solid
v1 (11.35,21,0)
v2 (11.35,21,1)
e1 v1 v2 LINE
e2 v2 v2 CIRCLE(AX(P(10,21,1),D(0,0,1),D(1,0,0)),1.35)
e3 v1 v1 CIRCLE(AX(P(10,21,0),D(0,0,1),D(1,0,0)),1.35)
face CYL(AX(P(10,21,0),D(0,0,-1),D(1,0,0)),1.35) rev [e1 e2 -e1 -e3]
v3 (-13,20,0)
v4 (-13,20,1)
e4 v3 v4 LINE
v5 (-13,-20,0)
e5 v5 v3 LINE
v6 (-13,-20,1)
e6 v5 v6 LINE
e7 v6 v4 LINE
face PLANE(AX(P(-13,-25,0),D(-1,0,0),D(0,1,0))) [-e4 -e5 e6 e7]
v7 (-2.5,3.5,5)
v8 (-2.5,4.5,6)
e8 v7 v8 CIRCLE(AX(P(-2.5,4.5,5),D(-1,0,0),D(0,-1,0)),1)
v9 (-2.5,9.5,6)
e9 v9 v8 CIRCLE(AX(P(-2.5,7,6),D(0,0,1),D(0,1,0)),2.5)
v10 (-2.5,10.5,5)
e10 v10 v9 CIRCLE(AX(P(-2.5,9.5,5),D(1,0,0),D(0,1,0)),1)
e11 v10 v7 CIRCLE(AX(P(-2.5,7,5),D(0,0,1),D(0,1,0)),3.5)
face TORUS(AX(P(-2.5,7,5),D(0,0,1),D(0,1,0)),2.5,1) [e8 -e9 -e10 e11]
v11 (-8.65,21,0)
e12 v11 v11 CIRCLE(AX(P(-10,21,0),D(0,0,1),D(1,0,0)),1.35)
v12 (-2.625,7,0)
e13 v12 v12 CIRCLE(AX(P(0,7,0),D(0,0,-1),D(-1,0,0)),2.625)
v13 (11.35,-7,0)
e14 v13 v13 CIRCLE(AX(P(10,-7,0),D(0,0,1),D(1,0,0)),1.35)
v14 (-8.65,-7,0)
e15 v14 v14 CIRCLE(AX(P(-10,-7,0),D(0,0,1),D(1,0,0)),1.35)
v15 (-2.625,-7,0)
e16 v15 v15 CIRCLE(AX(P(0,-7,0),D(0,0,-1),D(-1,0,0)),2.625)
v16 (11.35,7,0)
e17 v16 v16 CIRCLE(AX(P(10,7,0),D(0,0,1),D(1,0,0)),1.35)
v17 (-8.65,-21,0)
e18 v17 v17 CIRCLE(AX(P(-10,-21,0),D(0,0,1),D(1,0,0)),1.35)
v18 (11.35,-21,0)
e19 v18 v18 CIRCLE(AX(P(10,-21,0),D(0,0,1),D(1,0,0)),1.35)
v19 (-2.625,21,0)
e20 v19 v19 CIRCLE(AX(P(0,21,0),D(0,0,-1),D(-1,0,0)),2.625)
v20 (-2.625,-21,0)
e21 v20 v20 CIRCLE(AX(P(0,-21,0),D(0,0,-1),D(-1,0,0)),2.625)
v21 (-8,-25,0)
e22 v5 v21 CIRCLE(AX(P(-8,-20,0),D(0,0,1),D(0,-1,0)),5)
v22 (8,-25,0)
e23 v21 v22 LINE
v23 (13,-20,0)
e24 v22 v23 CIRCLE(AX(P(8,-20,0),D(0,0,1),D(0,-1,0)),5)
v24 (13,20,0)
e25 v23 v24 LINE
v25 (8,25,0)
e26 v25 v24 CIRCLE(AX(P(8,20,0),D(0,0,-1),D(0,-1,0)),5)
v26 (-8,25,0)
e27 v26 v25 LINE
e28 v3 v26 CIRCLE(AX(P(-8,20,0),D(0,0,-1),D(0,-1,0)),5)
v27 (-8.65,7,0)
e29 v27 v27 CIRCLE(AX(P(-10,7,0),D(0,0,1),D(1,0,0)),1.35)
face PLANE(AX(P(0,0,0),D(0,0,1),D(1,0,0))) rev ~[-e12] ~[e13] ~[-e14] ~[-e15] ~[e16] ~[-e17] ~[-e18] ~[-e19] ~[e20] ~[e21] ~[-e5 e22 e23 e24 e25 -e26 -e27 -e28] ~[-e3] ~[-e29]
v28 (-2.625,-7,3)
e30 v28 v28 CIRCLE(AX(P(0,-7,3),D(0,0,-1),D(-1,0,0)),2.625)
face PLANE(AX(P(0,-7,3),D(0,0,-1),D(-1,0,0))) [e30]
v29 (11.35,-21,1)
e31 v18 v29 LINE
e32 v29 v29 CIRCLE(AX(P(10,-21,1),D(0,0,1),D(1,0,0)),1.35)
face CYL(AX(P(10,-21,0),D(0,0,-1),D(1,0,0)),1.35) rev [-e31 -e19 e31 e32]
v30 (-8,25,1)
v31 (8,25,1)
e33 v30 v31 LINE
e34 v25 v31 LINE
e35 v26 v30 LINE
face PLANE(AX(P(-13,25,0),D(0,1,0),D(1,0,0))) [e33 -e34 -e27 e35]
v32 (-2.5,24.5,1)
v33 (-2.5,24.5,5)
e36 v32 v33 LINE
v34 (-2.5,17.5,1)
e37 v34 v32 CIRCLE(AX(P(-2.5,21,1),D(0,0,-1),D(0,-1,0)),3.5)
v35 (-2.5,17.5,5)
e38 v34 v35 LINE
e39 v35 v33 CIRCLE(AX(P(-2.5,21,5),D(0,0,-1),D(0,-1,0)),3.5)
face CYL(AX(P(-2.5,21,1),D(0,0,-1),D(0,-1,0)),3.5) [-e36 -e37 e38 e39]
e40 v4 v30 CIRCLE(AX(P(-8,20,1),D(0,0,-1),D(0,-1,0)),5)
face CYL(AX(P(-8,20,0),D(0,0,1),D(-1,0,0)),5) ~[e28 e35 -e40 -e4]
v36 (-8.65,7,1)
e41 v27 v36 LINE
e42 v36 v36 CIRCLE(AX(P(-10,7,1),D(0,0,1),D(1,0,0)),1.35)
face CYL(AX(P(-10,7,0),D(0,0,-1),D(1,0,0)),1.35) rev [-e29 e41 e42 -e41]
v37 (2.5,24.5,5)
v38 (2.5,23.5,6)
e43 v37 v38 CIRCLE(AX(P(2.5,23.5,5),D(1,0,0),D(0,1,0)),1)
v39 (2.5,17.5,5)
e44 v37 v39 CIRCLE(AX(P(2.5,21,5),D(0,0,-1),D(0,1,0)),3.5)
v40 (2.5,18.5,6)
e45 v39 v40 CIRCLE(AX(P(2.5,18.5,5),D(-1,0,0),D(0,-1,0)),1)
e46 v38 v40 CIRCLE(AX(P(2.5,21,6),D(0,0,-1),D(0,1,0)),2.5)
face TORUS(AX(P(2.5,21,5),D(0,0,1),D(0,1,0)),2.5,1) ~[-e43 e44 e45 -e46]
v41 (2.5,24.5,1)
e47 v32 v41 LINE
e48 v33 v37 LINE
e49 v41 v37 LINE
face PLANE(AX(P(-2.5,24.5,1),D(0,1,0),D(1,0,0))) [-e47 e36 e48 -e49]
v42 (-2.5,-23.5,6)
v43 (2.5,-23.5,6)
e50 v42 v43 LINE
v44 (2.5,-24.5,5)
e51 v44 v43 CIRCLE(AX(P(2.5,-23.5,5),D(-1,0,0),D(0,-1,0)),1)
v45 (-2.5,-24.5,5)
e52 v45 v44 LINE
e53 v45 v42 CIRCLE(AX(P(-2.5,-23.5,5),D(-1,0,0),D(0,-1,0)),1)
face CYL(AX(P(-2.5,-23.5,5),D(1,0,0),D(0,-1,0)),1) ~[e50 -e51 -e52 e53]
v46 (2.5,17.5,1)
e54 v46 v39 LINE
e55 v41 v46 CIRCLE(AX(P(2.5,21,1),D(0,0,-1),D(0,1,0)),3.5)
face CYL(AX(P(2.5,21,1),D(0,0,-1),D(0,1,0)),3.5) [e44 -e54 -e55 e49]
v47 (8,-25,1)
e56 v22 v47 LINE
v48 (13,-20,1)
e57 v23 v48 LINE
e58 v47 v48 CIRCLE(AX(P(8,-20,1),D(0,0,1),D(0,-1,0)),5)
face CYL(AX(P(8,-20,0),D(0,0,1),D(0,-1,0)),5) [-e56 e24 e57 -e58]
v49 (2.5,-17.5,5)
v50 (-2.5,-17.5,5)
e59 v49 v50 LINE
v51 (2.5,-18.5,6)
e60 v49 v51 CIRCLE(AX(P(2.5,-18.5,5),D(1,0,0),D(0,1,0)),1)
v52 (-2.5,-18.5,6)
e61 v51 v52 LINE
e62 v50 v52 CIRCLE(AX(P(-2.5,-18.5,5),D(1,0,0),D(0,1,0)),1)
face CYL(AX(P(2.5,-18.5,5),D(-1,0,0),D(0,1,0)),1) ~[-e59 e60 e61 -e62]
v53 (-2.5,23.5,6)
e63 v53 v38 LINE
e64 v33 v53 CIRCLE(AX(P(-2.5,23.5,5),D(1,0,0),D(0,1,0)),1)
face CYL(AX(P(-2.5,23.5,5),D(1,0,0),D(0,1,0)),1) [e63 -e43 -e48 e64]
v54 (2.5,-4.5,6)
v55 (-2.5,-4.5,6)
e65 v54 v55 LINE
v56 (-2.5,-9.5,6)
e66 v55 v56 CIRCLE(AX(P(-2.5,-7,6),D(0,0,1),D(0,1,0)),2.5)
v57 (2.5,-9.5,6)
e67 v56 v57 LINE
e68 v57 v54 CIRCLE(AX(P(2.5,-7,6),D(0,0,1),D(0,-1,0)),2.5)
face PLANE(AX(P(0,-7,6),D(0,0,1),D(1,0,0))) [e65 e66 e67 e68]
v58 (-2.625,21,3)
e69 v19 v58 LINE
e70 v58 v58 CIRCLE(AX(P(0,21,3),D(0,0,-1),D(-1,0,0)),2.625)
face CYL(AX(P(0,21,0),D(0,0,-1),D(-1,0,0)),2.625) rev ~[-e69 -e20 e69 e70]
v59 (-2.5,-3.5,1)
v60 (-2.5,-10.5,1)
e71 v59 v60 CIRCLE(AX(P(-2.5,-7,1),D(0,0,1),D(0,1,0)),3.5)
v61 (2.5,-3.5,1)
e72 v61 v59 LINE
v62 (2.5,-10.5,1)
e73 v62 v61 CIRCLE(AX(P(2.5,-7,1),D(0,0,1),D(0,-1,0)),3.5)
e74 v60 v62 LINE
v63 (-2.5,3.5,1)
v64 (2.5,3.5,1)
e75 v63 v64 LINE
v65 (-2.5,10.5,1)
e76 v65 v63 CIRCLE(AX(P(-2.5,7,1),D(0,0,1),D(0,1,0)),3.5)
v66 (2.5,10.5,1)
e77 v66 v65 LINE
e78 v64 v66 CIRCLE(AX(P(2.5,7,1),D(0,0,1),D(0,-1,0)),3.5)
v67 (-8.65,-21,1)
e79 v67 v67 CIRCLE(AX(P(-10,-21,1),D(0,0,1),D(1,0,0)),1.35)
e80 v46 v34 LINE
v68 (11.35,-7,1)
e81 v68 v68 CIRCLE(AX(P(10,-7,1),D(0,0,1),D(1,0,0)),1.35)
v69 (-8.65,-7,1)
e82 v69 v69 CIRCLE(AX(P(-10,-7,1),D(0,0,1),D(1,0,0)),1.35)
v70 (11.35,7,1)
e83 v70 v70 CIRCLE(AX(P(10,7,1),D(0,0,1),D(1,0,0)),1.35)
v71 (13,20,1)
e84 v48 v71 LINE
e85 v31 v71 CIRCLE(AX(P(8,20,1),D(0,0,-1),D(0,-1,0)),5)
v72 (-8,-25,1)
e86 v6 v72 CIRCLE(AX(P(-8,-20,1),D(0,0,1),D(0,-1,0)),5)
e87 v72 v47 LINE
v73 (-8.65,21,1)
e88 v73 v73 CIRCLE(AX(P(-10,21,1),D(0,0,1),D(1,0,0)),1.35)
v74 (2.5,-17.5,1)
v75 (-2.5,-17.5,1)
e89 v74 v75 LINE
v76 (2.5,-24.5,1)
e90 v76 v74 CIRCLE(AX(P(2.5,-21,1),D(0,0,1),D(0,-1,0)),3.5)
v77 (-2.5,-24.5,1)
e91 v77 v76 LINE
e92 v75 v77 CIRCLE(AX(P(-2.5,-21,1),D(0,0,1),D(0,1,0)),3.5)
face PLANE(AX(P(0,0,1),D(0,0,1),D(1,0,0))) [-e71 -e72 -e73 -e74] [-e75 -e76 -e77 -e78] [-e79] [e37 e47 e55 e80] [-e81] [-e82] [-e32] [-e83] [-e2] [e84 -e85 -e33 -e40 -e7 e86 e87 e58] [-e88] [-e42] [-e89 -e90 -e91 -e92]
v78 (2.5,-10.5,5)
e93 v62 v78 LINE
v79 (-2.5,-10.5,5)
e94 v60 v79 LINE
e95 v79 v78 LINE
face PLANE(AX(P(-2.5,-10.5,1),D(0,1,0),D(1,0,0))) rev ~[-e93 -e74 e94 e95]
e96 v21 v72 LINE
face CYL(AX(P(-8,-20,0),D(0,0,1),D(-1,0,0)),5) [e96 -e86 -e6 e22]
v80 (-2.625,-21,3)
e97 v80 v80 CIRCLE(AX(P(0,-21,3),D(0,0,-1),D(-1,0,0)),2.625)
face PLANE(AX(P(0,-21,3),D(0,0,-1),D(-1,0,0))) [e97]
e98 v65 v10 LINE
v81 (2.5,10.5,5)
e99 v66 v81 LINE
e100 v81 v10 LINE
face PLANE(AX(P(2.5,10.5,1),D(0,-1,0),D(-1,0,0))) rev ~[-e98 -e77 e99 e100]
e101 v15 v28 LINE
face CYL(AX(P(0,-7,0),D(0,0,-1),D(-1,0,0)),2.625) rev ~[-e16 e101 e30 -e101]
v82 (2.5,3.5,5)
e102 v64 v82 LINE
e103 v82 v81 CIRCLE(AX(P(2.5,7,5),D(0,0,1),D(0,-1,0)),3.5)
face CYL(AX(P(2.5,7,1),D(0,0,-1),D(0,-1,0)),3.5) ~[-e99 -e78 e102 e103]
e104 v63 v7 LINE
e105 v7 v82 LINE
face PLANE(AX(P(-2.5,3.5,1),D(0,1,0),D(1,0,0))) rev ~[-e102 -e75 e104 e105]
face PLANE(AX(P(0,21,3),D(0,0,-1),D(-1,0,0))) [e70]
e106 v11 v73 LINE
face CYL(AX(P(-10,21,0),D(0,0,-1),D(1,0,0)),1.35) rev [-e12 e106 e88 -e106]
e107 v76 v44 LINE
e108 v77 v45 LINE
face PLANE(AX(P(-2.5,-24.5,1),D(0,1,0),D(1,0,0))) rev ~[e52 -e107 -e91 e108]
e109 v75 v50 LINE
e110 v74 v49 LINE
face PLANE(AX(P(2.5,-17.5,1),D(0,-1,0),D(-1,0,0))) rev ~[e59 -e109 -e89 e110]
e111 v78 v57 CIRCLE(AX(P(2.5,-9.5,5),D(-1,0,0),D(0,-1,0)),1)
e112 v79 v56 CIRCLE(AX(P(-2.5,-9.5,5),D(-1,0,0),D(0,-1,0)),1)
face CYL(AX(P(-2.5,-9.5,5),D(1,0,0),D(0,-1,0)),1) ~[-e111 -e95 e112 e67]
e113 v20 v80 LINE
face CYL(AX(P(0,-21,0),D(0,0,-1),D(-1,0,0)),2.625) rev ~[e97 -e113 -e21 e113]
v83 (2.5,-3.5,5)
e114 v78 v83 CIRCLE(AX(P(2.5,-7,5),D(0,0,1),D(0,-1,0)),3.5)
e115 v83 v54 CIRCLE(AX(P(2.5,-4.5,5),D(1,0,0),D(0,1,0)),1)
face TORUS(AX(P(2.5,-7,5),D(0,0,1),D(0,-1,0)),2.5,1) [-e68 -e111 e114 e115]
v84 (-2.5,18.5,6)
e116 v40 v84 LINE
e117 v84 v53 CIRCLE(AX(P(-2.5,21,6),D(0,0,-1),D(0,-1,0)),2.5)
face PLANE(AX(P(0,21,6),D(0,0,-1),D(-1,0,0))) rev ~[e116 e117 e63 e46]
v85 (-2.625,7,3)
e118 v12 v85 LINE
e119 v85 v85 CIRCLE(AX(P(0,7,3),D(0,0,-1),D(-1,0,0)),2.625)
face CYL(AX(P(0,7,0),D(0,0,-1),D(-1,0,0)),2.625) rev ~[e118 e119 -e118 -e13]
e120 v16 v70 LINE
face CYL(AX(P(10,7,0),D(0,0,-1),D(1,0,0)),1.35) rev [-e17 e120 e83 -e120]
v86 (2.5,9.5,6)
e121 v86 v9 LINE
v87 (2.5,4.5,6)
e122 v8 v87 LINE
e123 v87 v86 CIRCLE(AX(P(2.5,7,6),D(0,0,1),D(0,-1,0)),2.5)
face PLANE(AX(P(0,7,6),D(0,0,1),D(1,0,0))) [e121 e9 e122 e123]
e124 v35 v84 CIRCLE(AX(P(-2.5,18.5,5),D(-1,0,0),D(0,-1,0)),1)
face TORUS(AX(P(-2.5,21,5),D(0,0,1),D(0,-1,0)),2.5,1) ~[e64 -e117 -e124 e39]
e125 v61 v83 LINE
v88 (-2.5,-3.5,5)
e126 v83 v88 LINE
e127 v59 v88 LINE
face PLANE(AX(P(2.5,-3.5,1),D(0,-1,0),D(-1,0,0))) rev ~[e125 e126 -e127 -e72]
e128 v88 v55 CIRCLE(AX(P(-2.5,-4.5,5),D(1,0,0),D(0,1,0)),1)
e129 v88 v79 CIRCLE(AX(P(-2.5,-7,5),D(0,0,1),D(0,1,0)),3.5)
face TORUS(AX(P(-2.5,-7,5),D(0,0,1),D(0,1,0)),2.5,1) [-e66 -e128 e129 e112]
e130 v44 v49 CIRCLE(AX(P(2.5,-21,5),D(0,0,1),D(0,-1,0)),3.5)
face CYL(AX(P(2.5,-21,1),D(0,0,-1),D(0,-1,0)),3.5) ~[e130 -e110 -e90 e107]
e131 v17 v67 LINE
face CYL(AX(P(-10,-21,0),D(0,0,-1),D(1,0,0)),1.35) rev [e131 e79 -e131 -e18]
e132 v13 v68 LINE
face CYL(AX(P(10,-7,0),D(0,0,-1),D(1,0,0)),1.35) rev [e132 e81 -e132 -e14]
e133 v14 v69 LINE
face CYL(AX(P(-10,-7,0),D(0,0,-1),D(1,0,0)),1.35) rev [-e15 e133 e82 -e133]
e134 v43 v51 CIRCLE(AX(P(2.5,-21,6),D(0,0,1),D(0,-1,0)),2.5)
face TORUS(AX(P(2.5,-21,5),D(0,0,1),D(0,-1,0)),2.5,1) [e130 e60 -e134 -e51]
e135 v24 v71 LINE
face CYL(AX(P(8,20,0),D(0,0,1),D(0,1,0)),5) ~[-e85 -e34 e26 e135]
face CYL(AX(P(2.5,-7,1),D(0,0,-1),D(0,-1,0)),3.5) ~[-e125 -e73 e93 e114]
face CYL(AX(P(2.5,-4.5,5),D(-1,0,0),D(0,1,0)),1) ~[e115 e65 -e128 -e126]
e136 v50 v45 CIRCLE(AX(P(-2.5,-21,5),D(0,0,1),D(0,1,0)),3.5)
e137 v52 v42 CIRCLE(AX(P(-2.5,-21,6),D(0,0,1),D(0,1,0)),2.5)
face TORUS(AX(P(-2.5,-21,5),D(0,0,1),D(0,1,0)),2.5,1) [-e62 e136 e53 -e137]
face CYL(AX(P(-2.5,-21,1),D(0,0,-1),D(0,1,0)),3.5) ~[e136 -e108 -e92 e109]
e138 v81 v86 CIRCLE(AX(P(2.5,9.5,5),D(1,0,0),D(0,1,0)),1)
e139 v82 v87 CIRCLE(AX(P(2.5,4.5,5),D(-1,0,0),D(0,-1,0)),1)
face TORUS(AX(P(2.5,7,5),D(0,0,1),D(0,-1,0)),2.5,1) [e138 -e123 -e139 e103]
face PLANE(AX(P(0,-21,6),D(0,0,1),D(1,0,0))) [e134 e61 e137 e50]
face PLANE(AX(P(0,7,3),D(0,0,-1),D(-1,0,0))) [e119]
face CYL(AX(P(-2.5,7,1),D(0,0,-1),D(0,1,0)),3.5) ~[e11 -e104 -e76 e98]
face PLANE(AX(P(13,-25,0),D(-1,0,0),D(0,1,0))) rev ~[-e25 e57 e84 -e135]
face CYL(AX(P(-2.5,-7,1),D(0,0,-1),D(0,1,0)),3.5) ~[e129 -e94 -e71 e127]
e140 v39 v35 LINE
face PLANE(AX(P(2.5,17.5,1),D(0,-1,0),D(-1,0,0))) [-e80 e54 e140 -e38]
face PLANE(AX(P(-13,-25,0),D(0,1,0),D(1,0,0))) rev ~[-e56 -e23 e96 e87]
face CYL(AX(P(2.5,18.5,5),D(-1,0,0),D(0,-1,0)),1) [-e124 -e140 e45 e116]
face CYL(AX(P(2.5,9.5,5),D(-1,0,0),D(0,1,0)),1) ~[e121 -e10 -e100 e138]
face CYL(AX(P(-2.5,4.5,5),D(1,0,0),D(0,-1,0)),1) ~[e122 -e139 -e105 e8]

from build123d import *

# Parameters (mm, degrees)
SKETCH1_W           = 26
SKETCH1_H           = 50
SKETCH1_R           = 1.35
BOSS_EXTRUDE1_DEPTH = 1
BOSS_EXTRUDE2_DEPTH = 5
FILLET1_R           = 1
FILLET2_R           = 5
SKETCH3_R           = 2.625
CUT_EXTRUDE1_DEPTH  = 3


with BuildPart() as part:
    # Sketch1 → Boss-Extrude1 (new body)
    with BuildSketch(Plane.XY):
        Rectangle(SKETCH1_W, SKETCH1_H)
        with Locations((10, -21)):
            Circle(SKETCH1_R, mode=Mode.SUBTRACT)
        with Locations((10, -7)):
            Circle(SKETCH1_R, mode=Mode.SUBTRACT)
        with Locations((10, 7)):
            Circle(SKETCH1_R, mode=Mode.SUBTRACT)
        with Locations((10, 21)):
            Circle(SKETCH1_R, mode=Mode.SUBTRACT)
        with Locations((-10, -7)):
            Circle(SKETCH1_R, mode=Mode.SUBTRACT)
        with Locations((-10, 7)):
            Circle(SKETCH1_R, mode=Mode.SUBTRACT)
        with Locations((-10, 21)):
            Circle(SKETCH1_R, mode=Mode.SUBTRACT)
        with Locations((-10, -21)):
            Circle(SKETCH1_R, mode=Mode.SUBTRACT)
    extrude(amount=BOSS_EXTRUDE1_DEPTH)

    # Sketch2 → Boss-Extrude2 (add)
    with BuildSketch(Plane.XY.offset(1)):
        with BuildLine():
            Line((-2.5, 24.5), (2.5, 24.5))
            ThreePointArc((2.5, 24.5), (6, 21), (2.5, 17.5))
            Line((2.5, 17.5), (-2.5, 17.5))
            ThreePointArc((-2.5, 17.5), (-6, 21), (-2.5, 24.5))
        make_face()
        with BuildLine():
            Line((-2.5, 3.5), (2.5, 3.5))
            ThreePointArc((2.5, 3.5), (6, 7), (2.5, 10.5))
            Line((2.5, 10.5), (-2.5, 10.5))
            ThreePointArc((-2.5, 10.5), (-6, 7), (-2.5, 3.5))
        make_face()
        with BuildLine():
            Line((-2.5, -10.5), (2.5, -10.5))
            ThreePointArc((2.5, -10.5), (6, -7), (2.5, -3.5))
            Line((2.5, -3.5), (-2.5, -3.5))
            ThreePointArc((-2.5, -3.5), (-6, -7), (-2.5, -10.5))
        make_face()
        with BuildLine():
            Line((-2.5, -24.5), (2.5, -24.5))
            ThreePointArc((2.5, -24.5), (6, -21), (2.5, -17.5))
            Line((2.5, -17.5), (-2.5, -17.5))
            ThreePointArc((-2.5, -17.5), (-6, -21), (-2.5, -24.5))
        make_face()
    extrude(amount=BOSS_EXTRUDE2_DEPTH)

    # Fillet1
    fillet1_edges = [part.edges().sort_by_distance(p)[0] for p in [
        (-6, 21, 6),
        (0, 17.5, 6),
        (6, 21, 6),
        (0, 24.5, 6),
        (-6, 7, 6),
        (0, 3.5, 6),
        (6, 7, 6),
        (0, 10.5, 6),
        (-6, -7, 6),
        (0, -10.5, 6),
        (6, -7, 6),
        (0, -3.5, 6),
        (-6, -21, 6),
        (0, -24.5, 6),
        (6, -21, 6),
        (0, -17.5, 6),
    ]]
    fillet(fillet1_edges, radius=FILLET1_R)

    # Fillet2
    fillet2_edges = [part.edges().sort_by_distance(p)[0] for p in [
        (-13, 25, 0.5),
        (13, 25, 0.5),
        (13, -25, 0.5),
        (-13, -25, 0.5),
    ]]
    fillet(fillet2_edges, radius=FILLET2_R)

    # Sketch3 → Cut-Extrude1 (cut)
    with BuildSketch(Plane(origin=(0, 0, 0), x_dir=(-1, 0, 0), z_dir=(0, 0, -1))):
        with Locations((0, 21)):
            Circle(SKETCH3_R)
        with Locations((0, 7)):
            Circle(SKETCH3_R)
        with Locations((0, -7)):
            Circle(SKETCH3_R)
        with Locations((0, -21)):
            Circle(SKETCH3_R)
    extrude(amount=-CUT_EXTRUDE1_DEPTH, mode=Mode.SUBTRACT)


solid = part.part
